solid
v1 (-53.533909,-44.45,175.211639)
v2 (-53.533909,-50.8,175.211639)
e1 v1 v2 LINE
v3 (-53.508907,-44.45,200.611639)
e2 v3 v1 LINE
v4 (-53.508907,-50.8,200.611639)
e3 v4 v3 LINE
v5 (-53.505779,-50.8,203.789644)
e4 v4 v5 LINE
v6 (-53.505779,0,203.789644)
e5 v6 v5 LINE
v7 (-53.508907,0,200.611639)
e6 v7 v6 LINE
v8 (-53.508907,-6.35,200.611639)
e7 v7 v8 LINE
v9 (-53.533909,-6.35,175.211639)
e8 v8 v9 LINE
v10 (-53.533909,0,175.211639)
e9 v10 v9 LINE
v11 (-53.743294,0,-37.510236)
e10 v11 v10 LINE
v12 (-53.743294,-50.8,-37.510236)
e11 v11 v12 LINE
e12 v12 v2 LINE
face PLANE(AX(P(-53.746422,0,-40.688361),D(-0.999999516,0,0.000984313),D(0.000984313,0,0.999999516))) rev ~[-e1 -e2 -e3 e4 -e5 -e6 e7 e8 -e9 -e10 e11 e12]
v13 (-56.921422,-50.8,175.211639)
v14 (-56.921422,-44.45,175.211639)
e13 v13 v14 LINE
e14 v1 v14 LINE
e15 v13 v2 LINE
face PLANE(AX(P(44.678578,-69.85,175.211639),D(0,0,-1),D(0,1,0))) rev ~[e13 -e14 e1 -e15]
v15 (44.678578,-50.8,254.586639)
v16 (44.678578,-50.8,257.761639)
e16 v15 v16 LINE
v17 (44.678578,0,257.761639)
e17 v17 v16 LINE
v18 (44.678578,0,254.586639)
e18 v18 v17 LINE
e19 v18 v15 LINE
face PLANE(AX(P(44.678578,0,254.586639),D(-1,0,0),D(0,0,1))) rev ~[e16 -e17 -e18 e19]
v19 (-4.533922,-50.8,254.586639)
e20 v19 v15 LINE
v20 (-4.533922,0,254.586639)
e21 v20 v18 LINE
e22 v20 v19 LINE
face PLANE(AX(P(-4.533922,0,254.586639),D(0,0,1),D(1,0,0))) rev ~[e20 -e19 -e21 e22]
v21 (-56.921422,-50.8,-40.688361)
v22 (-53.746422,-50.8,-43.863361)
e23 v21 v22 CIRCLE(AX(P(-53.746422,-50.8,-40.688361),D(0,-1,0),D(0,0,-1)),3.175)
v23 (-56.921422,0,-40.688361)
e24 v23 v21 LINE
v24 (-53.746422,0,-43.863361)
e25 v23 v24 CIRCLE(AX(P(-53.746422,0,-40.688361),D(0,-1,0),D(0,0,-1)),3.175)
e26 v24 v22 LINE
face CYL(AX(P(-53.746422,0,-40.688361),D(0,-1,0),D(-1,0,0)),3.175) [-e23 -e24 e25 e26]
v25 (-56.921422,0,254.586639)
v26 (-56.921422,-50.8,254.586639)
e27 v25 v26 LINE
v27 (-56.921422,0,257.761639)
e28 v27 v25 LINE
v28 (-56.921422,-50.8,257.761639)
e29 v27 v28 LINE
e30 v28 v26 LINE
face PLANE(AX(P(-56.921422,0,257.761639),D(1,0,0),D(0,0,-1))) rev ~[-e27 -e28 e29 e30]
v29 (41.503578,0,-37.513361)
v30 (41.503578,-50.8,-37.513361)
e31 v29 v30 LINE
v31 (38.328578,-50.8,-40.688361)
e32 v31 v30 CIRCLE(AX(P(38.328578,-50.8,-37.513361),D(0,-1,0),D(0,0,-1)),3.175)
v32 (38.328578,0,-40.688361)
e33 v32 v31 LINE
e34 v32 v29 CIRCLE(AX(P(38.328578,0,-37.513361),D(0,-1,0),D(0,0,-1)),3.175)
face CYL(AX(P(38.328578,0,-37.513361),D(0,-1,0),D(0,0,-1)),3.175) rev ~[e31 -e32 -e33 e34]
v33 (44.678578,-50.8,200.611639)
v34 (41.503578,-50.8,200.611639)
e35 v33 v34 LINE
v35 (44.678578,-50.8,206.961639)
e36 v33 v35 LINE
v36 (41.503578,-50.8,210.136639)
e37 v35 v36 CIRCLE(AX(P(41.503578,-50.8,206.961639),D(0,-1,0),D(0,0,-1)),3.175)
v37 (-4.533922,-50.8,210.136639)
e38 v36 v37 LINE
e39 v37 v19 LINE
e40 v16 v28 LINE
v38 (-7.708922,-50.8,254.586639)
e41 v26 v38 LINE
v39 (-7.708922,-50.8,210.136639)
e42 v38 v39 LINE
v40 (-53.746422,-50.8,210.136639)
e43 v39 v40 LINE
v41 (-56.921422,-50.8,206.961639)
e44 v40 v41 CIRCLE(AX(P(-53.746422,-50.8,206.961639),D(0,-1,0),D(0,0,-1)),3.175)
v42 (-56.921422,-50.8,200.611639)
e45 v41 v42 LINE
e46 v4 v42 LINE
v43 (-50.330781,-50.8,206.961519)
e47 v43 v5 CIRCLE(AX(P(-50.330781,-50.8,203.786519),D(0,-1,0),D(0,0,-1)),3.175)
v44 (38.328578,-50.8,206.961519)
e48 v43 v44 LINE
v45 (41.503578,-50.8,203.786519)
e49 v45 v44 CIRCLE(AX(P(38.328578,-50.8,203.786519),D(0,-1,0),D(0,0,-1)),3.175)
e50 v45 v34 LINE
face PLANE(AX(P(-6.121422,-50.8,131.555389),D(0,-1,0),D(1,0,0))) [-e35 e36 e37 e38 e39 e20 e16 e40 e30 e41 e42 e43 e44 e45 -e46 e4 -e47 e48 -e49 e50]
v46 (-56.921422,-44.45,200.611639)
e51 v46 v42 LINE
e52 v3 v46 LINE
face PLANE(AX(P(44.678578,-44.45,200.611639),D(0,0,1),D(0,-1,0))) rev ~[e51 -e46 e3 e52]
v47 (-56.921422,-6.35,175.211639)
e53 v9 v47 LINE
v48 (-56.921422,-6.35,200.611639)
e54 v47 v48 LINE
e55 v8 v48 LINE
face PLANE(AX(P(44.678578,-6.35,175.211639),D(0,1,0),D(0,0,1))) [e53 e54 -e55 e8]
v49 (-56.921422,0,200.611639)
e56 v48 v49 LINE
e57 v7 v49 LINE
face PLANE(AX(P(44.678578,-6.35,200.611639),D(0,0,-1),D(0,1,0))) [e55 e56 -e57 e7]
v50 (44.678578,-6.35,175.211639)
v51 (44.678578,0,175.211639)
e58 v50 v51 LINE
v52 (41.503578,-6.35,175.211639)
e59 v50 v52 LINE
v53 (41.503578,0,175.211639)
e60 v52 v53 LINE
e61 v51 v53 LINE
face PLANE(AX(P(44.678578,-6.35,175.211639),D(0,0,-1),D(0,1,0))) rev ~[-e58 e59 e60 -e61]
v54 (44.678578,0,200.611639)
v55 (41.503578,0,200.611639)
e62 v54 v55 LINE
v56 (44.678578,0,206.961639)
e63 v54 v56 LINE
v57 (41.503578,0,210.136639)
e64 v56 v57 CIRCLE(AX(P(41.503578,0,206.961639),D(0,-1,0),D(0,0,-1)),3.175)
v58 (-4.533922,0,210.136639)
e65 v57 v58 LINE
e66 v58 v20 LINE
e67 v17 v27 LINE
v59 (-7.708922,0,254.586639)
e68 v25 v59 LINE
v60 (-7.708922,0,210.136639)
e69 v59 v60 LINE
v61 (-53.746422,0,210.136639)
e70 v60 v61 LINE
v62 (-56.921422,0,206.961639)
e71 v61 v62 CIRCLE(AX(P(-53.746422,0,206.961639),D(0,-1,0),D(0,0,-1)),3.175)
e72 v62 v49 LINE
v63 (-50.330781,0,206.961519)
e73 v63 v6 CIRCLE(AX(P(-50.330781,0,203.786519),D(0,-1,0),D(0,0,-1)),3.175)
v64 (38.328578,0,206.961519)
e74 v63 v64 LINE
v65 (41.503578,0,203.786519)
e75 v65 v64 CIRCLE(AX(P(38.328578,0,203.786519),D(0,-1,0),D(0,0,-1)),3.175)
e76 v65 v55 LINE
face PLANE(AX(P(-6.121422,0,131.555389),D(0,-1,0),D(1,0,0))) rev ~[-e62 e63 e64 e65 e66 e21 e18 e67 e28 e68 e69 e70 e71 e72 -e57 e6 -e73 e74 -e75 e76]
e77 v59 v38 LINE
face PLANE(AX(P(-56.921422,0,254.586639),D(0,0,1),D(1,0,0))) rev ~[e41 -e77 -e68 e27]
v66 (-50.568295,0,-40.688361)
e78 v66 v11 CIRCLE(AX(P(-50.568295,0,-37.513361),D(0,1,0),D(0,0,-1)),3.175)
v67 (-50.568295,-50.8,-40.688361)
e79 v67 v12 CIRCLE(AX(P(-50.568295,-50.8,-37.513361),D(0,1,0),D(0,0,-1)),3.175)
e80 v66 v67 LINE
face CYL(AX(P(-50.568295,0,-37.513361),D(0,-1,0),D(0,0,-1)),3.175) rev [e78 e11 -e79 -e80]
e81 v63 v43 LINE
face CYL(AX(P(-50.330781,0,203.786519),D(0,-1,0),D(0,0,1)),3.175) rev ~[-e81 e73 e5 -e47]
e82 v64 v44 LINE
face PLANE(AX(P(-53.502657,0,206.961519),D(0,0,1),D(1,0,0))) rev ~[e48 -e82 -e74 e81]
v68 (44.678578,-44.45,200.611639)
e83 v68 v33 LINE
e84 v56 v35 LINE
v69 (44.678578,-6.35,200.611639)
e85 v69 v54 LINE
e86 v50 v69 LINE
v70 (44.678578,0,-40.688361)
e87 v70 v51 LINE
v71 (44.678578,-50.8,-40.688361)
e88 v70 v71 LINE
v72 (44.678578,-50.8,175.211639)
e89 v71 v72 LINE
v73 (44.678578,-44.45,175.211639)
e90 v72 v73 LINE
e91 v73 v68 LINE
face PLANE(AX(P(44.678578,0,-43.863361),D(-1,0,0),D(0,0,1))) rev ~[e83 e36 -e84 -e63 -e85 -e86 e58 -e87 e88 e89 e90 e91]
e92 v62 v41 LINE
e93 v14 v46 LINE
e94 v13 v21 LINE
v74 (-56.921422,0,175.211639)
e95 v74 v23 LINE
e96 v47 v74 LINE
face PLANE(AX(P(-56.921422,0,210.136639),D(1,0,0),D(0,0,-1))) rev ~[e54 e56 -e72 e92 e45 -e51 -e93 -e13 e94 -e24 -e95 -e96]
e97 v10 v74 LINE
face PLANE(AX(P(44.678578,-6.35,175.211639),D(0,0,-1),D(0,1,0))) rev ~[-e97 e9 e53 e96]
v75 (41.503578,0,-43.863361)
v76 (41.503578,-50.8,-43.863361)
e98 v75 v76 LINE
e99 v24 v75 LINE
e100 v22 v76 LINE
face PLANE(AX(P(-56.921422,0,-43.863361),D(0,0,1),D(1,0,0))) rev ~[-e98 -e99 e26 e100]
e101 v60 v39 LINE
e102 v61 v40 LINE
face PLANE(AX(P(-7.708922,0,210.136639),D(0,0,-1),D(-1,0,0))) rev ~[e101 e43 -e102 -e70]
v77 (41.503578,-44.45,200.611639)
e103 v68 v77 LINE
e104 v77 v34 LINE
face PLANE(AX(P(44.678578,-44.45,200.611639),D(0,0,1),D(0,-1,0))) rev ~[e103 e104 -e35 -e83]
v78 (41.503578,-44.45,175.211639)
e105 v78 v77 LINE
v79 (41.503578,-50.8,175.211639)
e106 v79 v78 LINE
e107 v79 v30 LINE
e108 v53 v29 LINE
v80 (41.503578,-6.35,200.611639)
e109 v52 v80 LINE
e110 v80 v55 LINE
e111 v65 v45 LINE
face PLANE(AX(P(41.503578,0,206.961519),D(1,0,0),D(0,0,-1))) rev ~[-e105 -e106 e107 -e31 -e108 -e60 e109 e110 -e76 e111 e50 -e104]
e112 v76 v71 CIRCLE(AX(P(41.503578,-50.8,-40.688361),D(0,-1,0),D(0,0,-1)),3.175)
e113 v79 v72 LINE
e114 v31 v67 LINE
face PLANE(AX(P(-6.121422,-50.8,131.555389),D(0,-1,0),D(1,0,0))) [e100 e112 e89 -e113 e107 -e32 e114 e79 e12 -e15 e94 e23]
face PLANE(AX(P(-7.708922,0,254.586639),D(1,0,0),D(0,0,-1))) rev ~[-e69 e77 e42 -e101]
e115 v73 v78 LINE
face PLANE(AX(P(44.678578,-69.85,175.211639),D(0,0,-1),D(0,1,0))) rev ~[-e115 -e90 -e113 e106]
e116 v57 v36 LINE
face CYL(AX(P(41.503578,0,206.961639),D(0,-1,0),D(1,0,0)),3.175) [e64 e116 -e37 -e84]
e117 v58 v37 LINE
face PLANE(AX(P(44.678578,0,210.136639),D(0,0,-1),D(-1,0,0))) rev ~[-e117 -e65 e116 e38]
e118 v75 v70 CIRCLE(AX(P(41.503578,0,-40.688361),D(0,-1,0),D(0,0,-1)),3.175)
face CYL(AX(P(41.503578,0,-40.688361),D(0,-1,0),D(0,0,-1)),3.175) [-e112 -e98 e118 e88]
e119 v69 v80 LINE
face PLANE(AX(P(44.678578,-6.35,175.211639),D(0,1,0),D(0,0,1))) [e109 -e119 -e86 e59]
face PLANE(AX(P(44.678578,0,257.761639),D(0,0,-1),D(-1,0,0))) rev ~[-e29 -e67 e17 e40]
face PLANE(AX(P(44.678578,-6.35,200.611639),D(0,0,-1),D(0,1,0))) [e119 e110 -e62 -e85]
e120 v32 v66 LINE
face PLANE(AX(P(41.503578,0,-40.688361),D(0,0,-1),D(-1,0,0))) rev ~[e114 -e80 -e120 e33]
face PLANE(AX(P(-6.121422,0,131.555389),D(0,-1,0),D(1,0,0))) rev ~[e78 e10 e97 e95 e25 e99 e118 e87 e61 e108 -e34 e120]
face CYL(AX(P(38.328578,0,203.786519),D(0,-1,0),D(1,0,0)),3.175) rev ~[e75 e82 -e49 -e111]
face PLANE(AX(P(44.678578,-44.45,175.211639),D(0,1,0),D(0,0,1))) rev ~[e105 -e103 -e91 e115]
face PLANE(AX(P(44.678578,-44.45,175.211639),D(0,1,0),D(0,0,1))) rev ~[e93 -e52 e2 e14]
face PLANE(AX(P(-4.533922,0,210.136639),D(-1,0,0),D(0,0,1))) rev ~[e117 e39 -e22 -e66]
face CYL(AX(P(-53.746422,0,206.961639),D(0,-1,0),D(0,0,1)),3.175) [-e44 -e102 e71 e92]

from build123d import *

# Parameters (mm, degrees)
F1_DEPTH = 50.8
F2_R     = 3.175
F3_W     = 19.05
F3_H     = 25.4
F3_W_2   = 6.35
F4_DEPTH = 127


with BuildPart() as f1:
    # F0 (on Front) → F1 (new body)
    with BuildSketch(Plane.XZ):
        Polygon((-7.708922, 210.136639), (-56.921422, 210.136639), (-56.921422, -43.863361), (44.678578, -43.863361), (44.678578, 210.136639), (-4.533922, 210.136639), (-4.533922, 254.586639), (44.678578, 254.586639), (44.678578, 257.761639), (-56.921422, 257.761639), (-56.921422, 254.586639), (-7.708922, 254.586639), align=None)
        Polygon((-53.746422, -40.688361), (-53.502657, 206.961519), (41.503578, 206.961519), (41.503578, -40.688361), align=None, mode=Mode.SUBTRACT)
    extrude(amount=F1_DEPTH)

    # F2
    f2_edges = [f1.edges().sort_by_distance(p)[0] for p in [
        (-56.921422, -25.4, 210.136639),
        (-53.502657, -25.4, 206.961519),
        (44.678578, -25.4, 210.136639),
        (41.503578, -25.4, 206.961519),
        (44.678578, -25.4, -43.863361),
        (41.503578, -25.4, -40.688361),
        (-56.921422, -25.4, -43.863361),
        (-53.746422, -25.4, -40.688361),
    ]]
    fillet(f2_edges, radius=F2_R)

    # F3 (on face) → F4 (cut)
    with BuildSketch(Plane.YZ.offset(44.678578)):
        with Locations((-60.325, 187.911639)):
            Rectangle(F3_W, F3_H)
        with Locations((-47.625, 187.911639)):
            Rectangle(F3_W_2, F3_H)
        with Locations((-3.175, 187.911639)):
            Rectangle(F3_W_2, F3_H)
    extrude(amount=-F4_DEPTH, mode=Mode.SUBTRACT)


solid = f1.part
